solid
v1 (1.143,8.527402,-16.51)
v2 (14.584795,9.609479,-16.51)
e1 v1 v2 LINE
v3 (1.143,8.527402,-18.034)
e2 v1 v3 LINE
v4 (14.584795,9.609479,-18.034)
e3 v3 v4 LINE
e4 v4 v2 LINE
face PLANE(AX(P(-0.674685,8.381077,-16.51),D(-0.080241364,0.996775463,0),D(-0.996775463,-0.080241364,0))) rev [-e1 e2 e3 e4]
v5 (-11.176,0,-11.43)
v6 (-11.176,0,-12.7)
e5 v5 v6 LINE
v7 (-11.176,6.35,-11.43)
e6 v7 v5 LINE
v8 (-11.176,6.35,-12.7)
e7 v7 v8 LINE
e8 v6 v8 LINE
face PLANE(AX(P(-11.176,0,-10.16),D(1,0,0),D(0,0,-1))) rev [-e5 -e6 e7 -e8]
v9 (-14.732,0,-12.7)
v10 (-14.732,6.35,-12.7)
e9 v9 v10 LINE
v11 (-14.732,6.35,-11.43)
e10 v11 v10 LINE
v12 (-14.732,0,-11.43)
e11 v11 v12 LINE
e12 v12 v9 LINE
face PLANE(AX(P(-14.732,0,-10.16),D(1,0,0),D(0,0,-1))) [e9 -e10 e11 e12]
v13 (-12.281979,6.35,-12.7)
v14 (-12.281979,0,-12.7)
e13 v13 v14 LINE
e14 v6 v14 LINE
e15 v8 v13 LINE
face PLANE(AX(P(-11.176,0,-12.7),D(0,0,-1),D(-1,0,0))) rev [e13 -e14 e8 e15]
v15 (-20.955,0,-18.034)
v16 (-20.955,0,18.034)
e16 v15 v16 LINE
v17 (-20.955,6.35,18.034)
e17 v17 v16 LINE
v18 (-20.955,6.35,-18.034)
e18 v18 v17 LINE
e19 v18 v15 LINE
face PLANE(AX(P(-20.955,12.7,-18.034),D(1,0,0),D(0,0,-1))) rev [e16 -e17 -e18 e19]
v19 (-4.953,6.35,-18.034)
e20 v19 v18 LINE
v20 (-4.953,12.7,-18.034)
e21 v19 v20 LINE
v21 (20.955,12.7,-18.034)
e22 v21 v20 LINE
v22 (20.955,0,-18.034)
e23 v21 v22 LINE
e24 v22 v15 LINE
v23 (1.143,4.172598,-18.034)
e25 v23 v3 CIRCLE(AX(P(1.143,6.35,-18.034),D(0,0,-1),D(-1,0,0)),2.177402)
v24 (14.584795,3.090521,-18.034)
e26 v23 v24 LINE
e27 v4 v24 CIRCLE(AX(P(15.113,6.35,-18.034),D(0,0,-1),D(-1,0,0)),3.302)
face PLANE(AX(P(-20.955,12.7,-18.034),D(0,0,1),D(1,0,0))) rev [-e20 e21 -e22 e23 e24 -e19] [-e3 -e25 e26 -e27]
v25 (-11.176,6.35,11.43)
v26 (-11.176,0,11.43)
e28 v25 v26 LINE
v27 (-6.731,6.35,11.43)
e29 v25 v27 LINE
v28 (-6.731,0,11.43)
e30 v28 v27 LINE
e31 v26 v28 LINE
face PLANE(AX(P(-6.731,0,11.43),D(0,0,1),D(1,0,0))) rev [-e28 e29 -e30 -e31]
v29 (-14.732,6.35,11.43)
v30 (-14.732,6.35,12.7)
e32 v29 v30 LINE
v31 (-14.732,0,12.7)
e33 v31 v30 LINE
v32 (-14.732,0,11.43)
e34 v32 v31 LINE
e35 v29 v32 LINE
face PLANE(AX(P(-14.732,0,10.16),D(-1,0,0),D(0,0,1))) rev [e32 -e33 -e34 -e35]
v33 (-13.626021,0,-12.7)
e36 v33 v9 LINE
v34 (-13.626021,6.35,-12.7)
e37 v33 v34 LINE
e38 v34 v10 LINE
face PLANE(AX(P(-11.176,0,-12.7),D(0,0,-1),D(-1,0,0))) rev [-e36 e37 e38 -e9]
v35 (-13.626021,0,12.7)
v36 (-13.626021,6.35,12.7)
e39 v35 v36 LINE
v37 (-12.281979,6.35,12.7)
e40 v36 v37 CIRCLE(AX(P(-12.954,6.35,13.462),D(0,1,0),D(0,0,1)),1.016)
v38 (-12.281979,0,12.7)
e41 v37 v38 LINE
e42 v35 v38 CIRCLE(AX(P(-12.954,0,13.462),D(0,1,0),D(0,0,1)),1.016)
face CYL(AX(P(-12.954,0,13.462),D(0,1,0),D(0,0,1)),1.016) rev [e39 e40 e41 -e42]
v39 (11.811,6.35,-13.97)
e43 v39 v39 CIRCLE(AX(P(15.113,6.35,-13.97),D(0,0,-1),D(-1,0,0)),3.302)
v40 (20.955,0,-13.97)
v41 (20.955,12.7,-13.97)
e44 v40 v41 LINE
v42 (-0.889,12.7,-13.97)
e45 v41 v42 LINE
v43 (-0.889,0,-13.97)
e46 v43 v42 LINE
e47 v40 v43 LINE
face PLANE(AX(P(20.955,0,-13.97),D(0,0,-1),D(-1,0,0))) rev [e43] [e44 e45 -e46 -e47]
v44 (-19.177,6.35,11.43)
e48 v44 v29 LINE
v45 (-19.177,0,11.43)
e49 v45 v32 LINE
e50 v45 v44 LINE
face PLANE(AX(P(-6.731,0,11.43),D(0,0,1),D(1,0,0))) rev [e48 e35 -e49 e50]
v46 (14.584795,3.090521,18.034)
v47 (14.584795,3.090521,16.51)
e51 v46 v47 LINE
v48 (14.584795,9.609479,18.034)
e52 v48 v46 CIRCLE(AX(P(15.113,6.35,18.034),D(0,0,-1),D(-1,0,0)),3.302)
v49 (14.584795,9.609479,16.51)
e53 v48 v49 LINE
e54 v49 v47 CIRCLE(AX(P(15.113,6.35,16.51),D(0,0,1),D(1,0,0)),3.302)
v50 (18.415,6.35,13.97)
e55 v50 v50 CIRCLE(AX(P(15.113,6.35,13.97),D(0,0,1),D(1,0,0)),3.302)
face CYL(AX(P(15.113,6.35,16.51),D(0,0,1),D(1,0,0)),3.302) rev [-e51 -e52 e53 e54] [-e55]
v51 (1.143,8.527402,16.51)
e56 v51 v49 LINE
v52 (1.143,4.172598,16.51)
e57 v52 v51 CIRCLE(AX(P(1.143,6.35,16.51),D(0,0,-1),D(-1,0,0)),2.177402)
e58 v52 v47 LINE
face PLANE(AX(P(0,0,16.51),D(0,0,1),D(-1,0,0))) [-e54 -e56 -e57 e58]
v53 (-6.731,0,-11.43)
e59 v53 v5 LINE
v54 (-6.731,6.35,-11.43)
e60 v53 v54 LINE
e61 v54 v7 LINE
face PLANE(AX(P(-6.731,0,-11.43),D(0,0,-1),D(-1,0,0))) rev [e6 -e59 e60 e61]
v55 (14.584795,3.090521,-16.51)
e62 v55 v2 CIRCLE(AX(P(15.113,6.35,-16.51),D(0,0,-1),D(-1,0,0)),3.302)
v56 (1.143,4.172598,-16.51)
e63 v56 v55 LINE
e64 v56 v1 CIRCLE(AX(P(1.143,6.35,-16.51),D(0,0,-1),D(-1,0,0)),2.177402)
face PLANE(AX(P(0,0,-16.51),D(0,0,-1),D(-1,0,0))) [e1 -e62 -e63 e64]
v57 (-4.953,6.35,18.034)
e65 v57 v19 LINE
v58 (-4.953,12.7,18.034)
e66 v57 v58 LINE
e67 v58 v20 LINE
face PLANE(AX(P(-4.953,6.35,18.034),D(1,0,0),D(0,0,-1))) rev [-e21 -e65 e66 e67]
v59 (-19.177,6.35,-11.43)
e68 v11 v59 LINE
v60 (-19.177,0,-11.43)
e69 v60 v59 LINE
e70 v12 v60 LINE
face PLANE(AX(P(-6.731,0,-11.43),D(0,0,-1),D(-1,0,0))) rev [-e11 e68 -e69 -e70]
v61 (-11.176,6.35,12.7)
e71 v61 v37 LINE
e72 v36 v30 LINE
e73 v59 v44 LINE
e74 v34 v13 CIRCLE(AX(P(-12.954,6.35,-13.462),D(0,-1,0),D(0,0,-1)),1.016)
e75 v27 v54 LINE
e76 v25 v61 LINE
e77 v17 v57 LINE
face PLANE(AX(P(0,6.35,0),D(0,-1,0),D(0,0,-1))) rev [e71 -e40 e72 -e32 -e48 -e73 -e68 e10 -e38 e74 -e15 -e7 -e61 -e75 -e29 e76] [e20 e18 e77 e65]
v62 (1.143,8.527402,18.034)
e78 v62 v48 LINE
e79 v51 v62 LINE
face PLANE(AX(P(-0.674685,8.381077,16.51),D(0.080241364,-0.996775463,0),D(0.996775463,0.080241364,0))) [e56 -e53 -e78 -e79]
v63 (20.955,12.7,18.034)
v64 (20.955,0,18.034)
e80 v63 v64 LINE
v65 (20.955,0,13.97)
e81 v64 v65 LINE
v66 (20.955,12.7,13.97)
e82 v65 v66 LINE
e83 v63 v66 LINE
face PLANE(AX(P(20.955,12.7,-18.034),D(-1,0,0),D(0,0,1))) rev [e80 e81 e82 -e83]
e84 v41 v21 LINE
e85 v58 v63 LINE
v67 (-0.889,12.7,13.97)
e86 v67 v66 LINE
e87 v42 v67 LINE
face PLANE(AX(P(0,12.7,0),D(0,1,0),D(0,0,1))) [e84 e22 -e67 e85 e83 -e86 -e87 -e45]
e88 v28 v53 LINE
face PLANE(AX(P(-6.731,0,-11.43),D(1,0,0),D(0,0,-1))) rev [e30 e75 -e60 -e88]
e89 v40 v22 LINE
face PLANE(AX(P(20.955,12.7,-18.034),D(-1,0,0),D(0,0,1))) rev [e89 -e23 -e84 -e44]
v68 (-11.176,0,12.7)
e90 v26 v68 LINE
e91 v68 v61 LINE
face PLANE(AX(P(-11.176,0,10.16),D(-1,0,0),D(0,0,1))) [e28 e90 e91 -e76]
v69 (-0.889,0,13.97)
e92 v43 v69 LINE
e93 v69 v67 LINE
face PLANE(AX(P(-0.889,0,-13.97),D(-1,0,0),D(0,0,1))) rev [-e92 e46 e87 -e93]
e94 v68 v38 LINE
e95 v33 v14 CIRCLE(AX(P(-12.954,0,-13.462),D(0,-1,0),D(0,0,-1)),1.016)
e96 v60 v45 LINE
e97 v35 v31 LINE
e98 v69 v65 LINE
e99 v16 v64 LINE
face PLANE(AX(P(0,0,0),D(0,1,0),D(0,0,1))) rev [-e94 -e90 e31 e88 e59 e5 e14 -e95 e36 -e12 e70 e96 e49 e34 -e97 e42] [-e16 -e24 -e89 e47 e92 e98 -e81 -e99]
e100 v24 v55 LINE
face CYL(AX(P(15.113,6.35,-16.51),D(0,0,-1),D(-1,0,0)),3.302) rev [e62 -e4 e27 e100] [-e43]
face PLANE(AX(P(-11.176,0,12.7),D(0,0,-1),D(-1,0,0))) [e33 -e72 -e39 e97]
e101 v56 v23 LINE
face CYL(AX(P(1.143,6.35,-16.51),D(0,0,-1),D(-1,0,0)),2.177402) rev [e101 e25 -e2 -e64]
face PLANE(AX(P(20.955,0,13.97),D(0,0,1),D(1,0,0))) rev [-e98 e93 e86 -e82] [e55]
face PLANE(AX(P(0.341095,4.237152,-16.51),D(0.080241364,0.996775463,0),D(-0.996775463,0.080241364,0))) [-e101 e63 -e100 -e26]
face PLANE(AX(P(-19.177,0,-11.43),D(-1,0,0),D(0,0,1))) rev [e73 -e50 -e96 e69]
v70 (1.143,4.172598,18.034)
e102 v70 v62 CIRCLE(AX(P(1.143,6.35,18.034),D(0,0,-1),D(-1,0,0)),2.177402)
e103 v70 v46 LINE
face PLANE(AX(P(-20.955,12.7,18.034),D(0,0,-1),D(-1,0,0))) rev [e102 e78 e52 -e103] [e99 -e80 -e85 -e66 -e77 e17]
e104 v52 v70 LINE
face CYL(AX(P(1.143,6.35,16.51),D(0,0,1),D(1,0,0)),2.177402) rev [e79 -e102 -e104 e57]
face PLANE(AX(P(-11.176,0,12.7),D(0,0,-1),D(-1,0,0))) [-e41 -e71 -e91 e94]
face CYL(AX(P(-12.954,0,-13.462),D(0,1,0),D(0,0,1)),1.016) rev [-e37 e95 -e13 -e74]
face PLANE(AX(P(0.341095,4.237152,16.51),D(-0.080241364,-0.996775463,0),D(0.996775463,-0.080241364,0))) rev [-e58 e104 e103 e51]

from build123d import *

# Parameters (mm, degrees)
SKETCH1_W           = 41.91
SKETCH1_H           = 36.068
BOSS_EXTRUDE1_DEPTH = 12.7
SKETCH3_W           = 21.844
SKETCH3_H           = 27.94
CUT_EXTRUDE1_DEPTH  = 13.7
SKETCH4_W           = 16.002
SKETCH4_H           = 36.068
CUT_EXTRUDE2_DEPTH  = 6.35
SKETCH5_W           = 12.446
SKETCH5_H           = 22.86
CUT_EXTRUDE3_DEPTH  = 7.35
SKETCH6_R           = 1.016
SKETCH6_W           = 3.556
SKETCH6_H           = 2.54
CUT_EXTRUDE11_DEPTH = 6.35
CUT_EXTRUDE13_DEPTH = 1.524
SKETCH9_R           = 3.302
CUT_EXTRUDE14_DEPTH = 37.068


with BuildPart() as part:
    # Sketch1 → Boss-Extrude1 (new body)
    with BuildSketch(Plane(origin=(0, 0, 0), x_dir=(1, 0, 0), z_dir=(0, 1, 0))):
        Rectangle(SKETCH1_W, SKETCH1_H)
    extrude(amount=BOSS_EXTRUDE1_DEPTH)

    # Sketch3 → Cut-Extrude1 (cut, through all)
    with BuildSketch(Plane(origin=(0, 12.7, 0), x_dir=(1, 0, 0), z_dir=(0, 1, 0))):
        with Locations((10.033, 0)):
            Rectangle(SKETCH3_W, SKETCH3_H)
    extrude(amount=-CUT_EXTRUDE1_DEPTH, mode=Mode.SUBTRACT)

    # Sketch4 → Cut-Extrude2 (cut)
    with BuildSketch(Plane(origin=(0, 12.7, 0), x_dir=(1, 0, 0), z_dir=(0, 1, 0))):
        with Locations((-12.954, 0)):
            Rectangle(SKETCH4_W, SKETCH4_H)
    extrude(amount=-CUT_EXTRUDE2_DEPTH, mode=Mode.SUBTRACT)

    # Sketch5 → Cut-Extrude3 (cut, through all)
    with BuildSketch(Plane(origin=(0, 6.35, 0), x_dir=(1, 0, 0), z_dir=(0, 1, 0))):
        with Locations((-12.954, 0)):
            Rectangle(SKETCH5_W, SKETCH5_H)
    extrude(amount=-CUT_EXTRUDE3_DEPTH, mode=Mode.SUBTRACT)

    # Sketch6 → Cut-Extrude11 (cut)
    with BuildSketch(Plane(origin=(0, 6.35, 0), x_dir=(1, 0, 0), z_dir=(0, 1, 0))):
        with Locations((-12.954, -13.462)):
            Circle(SKETCH6_R)
        with Locations((-12.954, 13.462)):
            Circle(SKETCH6_R)
        with Locations((-12.954, -11.43)):
            Rectangle(SKETCH6_W, SKETCH6_H)
        with Locations((-12.954, 11.43)):
            Rectangle(SKETCH6_W, SKETCH6_H)
    extrude(amount=-CUT_EXTRUDE11_DEPTH, mode=Mode.SUBTRACT)

    # Sketch8 → Cut-Extrude13 (cut)
    with BuildSketch(Plane(origin=(0, 0, -18.034), x_dir=(-1, 0, 0), z_dir=(0, 0, -1))):
        with BuildLine():
            ThreePointArc((-1.143, 4.172598162), (1.034401838, 6.35), (-1.143, 8.527401838))
            Line((-1.143, 8.527401838), (-15.113, 9.652))
            ThreePointArc((-15.113, 9.652), (-18.415, 6.35), (-15.113, 3.048))
            Line((-15.113, 3.048), (-1.143, 4.172598162))
        make_face()
    cut_extrude13 = extrude(amount=-CUT_EXTRUDE13_DEPTH, mode=Mode.SUBTRACT)

    # Mirror1: Cut-Extrude13 across plane
    add(cut_extrude13.mirror(Plane.XY), mode=Mode.SUBTRACT)

    # Sketch9 → Cut-Extrude14 (cut, through all)
    with BuildSketch(Plane(origin=(0, 0, -18.034), x_dir=(-1, 0, 0), z_dir=(0, 0, -1))):
        with Locations((-15.113, 6.35)):
            Circle(SKETCH9_R)
    extrude(amount=-CUT_EXTRUDE14_DEPTH, mode=Mode.SUBTRACT)


solid = part.part
